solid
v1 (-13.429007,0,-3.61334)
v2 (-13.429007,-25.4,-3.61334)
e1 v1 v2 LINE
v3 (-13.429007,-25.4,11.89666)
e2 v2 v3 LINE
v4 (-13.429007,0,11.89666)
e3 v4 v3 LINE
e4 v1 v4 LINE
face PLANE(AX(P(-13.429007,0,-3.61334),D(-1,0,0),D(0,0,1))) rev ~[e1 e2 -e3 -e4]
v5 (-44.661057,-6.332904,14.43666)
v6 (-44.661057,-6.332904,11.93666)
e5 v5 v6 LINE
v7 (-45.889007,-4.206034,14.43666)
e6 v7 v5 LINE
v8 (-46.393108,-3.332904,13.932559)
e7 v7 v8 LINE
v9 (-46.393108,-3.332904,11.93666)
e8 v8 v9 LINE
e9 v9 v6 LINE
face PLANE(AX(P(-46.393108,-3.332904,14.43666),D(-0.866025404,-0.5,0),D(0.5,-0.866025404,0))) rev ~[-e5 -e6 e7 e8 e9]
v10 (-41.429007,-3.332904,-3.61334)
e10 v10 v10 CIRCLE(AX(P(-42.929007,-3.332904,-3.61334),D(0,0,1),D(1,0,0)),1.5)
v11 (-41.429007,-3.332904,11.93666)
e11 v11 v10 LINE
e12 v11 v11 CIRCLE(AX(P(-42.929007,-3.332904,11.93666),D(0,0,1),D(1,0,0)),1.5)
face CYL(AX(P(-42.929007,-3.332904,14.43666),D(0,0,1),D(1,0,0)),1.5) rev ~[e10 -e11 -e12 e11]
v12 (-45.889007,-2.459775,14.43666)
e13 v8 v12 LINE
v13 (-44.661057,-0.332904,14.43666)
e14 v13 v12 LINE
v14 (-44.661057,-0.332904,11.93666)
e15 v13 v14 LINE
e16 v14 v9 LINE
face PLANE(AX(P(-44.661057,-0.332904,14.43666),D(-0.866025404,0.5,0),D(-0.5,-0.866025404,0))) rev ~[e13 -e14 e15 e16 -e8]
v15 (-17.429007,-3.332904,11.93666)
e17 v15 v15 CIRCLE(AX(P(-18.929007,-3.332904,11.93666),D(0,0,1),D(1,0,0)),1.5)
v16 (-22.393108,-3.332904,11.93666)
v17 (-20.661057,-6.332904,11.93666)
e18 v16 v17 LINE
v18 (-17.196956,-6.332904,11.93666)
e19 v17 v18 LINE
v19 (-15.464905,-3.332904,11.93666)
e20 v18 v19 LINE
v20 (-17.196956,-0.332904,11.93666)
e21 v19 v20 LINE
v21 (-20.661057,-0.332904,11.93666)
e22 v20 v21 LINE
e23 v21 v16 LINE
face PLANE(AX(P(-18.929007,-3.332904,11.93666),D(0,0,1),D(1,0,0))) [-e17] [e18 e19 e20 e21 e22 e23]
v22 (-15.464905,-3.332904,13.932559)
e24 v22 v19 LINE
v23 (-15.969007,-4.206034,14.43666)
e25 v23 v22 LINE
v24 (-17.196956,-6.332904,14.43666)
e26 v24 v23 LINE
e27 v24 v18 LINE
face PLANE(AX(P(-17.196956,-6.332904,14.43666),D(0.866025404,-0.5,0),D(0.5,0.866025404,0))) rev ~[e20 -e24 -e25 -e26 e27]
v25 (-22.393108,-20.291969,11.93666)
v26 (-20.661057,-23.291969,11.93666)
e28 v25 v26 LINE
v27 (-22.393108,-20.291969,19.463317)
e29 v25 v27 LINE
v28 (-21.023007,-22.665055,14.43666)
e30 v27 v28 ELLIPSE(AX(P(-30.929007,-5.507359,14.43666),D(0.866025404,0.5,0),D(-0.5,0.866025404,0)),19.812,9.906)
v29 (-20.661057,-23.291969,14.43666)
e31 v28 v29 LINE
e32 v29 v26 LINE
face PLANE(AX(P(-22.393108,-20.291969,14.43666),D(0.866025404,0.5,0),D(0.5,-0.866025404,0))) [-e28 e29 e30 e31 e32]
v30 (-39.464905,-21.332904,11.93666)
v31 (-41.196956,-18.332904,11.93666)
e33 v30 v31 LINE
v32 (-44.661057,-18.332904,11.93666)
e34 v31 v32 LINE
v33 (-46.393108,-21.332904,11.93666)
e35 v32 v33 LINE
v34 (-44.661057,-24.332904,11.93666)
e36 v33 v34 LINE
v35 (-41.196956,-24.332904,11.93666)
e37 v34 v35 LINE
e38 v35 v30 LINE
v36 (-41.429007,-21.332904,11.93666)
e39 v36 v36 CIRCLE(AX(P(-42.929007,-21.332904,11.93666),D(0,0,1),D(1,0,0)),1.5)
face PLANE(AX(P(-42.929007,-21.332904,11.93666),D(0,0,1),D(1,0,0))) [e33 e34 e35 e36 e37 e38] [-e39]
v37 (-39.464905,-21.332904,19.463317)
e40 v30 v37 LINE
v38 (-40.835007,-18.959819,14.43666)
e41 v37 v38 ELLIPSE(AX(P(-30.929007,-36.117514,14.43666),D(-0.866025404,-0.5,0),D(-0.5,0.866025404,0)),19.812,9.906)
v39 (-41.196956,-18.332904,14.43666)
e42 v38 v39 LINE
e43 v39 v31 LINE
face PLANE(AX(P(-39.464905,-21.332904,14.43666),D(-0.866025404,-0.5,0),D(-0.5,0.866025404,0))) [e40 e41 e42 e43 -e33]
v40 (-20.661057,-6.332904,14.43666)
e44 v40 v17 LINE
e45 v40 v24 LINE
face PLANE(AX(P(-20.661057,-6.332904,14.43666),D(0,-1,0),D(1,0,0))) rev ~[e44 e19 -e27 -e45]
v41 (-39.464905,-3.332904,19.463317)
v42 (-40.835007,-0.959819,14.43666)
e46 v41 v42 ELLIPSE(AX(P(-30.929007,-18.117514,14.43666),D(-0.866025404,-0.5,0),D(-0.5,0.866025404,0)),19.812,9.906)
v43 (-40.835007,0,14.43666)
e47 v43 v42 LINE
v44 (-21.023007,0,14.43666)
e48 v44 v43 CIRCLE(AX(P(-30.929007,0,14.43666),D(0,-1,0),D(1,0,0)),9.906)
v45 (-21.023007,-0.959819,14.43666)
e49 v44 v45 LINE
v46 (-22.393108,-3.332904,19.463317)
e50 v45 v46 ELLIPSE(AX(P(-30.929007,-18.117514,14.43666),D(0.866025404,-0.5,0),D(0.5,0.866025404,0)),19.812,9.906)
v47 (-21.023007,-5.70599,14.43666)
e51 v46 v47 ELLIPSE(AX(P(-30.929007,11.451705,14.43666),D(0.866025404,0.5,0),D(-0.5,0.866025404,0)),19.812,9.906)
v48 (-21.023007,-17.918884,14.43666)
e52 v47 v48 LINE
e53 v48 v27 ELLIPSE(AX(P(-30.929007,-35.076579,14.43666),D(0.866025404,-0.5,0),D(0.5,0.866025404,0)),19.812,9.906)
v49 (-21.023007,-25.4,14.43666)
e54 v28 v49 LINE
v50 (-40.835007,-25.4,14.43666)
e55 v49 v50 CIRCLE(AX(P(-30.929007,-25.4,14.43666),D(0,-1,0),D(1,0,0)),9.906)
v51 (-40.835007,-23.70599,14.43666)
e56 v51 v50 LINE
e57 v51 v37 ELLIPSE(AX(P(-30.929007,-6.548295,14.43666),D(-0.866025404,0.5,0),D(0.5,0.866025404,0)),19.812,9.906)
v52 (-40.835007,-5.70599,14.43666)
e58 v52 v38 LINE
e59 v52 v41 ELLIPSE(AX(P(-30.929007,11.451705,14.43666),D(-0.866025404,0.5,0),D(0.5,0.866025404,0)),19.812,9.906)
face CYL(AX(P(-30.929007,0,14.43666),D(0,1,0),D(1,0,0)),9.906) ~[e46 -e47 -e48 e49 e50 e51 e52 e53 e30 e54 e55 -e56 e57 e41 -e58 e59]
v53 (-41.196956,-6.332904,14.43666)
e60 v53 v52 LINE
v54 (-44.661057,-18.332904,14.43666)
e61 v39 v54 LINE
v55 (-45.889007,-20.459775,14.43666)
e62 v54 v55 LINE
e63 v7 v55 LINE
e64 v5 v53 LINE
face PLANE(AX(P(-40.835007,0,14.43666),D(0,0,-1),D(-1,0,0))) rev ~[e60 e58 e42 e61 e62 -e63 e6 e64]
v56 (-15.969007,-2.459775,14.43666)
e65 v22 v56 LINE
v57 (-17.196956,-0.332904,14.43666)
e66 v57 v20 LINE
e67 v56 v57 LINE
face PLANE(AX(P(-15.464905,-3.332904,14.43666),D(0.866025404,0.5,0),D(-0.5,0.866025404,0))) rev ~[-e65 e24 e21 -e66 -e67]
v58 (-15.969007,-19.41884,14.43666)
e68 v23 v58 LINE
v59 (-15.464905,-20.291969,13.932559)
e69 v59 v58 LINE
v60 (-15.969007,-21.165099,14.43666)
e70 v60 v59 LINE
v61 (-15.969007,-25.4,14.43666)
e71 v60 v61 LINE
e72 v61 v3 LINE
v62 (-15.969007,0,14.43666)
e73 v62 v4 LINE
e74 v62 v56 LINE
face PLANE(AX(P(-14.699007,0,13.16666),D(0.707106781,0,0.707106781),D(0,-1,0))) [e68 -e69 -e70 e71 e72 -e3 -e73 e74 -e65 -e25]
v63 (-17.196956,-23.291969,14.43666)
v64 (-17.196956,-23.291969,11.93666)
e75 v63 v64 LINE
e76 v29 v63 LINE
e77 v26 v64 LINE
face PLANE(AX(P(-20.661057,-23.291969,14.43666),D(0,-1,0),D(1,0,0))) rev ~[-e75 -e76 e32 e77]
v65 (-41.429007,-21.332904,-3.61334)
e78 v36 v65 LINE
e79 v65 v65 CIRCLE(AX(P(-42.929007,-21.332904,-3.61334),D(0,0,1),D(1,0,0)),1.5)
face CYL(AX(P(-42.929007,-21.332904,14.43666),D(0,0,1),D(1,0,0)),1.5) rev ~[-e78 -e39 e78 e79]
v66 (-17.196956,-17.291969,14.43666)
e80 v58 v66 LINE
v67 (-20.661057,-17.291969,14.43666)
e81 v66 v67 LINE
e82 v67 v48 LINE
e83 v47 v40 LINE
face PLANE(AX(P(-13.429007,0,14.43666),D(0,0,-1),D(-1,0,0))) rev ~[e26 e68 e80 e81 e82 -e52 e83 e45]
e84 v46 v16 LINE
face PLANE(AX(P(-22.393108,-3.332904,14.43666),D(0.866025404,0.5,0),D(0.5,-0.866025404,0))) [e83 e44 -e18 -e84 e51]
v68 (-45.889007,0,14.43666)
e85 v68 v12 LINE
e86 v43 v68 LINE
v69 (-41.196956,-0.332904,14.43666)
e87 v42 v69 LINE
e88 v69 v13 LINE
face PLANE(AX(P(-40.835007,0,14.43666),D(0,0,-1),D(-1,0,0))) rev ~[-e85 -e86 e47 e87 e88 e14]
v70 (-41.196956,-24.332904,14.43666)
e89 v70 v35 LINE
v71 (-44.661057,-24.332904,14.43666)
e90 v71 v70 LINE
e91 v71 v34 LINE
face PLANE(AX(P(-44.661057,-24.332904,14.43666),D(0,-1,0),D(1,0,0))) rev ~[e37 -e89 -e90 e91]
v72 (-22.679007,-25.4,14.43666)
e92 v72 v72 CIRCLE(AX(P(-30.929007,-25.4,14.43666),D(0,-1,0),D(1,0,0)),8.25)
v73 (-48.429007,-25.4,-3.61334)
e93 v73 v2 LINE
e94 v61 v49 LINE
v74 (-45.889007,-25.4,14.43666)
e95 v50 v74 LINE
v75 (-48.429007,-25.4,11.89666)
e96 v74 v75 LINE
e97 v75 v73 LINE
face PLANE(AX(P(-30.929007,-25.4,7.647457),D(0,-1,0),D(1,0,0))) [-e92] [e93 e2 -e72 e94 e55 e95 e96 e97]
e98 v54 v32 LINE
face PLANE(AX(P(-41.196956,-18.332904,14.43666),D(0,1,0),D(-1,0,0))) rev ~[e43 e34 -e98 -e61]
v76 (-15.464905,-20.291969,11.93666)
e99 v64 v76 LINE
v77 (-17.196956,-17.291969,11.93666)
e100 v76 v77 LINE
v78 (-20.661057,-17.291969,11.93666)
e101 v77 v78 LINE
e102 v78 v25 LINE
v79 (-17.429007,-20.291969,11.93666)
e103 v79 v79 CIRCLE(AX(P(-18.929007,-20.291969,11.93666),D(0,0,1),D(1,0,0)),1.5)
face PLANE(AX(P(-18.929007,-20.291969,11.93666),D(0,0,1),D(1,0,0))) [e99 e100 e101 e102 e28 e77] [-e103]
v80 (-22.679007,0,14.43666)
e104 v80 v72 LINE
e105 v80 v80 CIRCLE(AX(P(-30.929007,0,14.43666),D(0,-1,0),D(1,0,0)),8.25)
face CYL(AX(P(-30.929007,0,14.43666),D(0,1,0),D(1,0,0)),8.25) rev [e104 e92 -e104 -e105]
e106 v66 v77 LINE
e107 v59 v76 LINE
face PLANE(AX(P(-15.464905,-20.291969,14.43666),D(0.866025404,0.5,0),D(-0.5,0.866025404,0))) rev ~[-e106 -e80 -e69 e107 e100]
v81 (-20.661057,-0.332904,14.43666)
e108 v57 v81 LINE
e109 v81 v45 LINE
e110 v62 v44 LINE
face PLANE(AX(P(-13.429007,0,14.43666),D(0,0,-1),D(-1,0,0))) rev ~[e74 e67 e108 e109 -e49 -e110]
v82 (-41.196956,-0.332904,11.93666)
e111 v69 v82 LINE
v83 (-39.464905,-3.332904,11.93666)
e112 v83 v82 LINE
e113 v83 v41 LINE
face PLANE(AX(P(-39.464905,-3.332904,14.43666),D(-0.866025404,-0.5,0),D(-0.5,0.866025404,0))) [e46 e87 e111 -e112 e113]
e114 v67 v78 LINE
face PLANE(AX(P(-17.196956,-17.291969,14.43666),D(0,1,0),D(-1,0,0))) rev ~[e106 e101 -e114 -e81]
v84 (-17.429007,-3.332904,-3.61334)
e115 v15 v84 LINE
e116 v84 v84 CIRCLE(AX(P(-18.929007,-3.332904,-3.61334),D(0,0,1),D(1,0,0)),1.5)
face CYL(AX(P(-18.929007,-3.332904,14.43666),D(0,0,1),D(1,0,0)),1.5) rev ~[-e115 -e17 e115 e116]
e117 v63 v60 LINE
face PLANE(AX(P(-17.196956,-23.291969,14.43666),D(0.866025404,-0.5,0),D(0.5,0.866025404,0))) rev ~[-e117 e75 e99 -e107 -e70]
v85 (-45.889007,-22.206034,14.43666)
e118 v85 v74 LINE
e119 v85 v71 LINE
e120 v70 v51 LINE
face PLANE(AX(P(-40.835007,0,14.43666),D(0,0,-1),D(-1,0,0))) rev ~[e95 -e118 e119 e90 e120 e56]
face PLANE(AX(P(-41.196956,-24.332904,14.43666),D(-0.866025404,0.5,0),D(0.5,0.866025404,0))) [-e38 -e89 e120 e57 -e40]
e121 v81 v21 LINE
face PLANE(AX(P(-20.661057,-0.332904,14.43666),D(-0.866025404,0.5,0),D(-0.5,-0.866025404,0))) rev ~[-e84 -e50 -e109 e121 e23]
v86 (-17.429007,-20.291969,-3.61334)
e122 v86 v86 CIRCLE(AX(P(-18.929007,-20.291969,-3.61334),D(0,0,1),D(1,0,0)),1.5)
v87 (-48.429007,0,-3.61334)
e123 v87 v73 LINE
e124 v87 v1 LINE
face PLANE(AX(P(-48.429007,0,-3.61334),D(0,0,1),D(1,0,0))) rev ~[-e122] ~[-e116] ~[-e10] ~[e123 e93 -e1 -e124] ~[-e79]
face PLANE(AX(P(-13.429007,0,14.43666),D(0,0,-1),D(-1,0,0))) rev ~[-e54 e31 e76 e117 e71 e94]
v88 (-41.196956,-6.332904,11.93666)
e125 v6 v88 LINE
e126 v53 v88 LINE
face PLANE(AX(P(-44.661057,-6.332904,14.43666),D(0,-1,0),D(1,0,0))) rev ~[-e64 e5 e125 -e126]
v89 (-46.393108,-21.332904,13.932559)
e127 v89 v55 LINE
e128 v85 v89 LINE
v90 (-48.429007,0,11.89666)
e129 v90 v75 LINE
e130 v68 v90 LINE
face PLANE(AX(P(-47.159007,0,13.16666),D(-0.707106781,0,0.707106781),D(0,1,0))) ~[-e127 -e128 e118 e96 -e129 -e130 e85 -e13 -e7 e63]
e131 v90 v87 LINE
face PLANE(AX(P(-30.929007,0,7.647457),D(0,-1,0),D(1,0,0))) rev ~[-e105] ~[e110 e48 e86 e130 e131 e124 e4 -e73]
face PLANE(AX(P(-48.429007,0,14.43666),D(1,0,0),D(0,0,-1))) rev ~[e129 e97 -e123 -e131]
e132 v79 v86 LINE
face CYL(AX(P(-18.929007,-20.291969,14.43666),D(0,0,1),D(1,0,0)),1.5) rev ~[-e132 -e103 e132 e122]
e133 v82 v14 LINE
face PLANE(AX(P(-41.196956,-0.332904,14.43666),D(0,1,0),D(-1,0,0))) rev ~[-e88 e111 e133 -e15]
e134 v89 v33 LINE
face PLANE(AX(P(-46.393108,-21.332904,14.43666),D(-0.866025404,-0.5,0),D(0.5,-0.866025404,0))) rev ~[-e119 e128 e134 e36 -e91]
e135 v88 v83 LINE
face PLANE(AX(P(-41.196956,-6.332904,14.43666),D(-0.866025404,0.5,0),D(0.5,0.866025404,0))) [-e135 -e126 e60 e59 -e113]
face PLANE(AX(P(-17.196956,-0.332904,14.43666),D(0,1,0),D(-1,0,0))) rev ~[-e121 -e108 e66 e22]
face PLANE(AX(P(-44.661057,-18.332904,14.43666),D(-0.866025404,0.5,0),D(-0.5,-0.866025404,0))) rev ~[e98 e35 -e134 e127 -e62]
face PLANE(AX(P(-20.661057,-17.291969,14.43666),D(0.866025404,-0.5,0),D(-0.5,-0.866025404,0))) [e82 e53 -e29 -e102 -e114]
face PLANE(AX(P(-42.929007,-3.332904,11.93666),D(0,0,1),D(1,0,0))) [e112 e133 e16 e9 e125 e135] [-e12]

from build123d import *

# Parameters (mm, degrees)
F0_R          = 8.25
F1_DEPTH      = 25.4
F2_R          = 1.5
F3_DEPTH      = 18.051
F4_SIZE       = 2.54
F5_R          = 1.5
F6_DEPTH      = 2.5
F6_DEPTH_BACK = 25.4


with BuildPart() as f1:
    # F0 (on Front) → F1 (new body)
    with BuildSketch(Plane.XZ):
        with BuildLine():
            Line((-13.4290065467, 14.4366604356), (-21.0230065467, 14.4366604356))
            ThreePointArc((-21.0230065467, 14.4366604356), (-30.9290065467, 24.3426604356), (-40.8350065467, 14.4366604356))
            Line((-40.8350065467, 14.4366604356), (-48.4290065467, 14.4366604356))
            Line((-48.4290065467, 14.4366604356), (-48.4290065467, -3.6133395644))
            Line((-48.4290065467, -3.6133395644), (-13.4290065467, -3.6133395644))
            Line((-13.4290065467, -3.6133395644), (-13.4290065467, 14.4366604356))
        make_face()
        with Locations((-30.9290065467, 14.4366604356)):
            Circle(F0_R, mode=Mode.SUBTRACT)
    extrude(amount=F1_DEPTH)

    # F2 (on face) → F3 (cut, through all)
    with BuildSketch(Plane.XY.offset(14.4366604356)):
        with Locations((-42.9290065467, -21.332904214)):
            Circle(F2_R)
        with Locations((-42.9290065467, -3.332904214)):
            Circle(F2_R)
        with Locations((-18.9290065467, -3.332904214)):
            Circle(F2_R)
        with Locations((-18.9290065467, -20.2919691801)):
            Circle(F2_R)
    extrude(amount=-F3_DEPTH, mode=Mode.SUBTRACT)

    # F4
    f4_edges = [f1.edges().sort_by_distance(p)[0] for p in [
        (-48.429007, -12.7, 14.43666),
        (-13.429007, -12.7, 14.43666),
    ]]
    chamfer(f4_edges, length=F4_SIZE)

    # F5 (on face) → F6 (cut, two sides)
    with BuildSketch(Plane.XY.offset(14.4366604356)) as f6_sk:
        Polygon((-44.6610573543, -6.332904214), (-41.1969557392, -6.332904214), (-39.4649049316, -3.332904214), (-41.1969557392, -0.332904214), (-44.6610573543, -0.332904214), (-46.3931081619, -3.332904214), align=None)
        with Locations((-42.9290065467, -3.332904214)):
            Circle(F5_R, mode=Mode.SUBTRACT)
        Polygon((-44.6610573543, -24.332904214), (-41.1969557392, -24.332904214), (-39.4649049316, -21.332904214), (-41.1969557392, -18.332904214), (-44.6610573543, -18.332904214), (-46.3931081619, -21.332904214), align=None)
        with Locations((-42.9290065467, -21.332904214)):
            Circle(F5_R, mode=Mode.SUBTRACT)
        Polygon((-20.6610573543, -6.332904214), (-17.1969557392, -6.332904214), (-15.4649049316, -3.332904214), (-17.1969557392, -0.332904214), (-20.6610573543, -0.332904214), (-22.3931081619, -3.332904214), align=None)
        with Locations((-18.9290065467, -3.332904214)):
            Circle(F5_R, mode=Mode.SUBTRACT)
        Polygon((-20.6610573543, -23.2919691801), (-17.1969557392, -23.2919691801), (-15.4649049316, -20.2919691801), (-17.1969557392, -17.2919691801), (-20.6610573543, -17.2919691801), (-22.3931081619, -20.2919691801), align=None)
        with Locations((-18.9290065467, -20.2919691801)):
            Circle(F5_R, mode=Mode.SUBTRACT)
    extrude(amount=-F6_DEPTH, mode=Mode.SUBTRACT)
    extrude(f6_sk.sketch, amount=F6_DEPTH_BACK, mode=Mode.SUBTRACT)


solid = f1.part
